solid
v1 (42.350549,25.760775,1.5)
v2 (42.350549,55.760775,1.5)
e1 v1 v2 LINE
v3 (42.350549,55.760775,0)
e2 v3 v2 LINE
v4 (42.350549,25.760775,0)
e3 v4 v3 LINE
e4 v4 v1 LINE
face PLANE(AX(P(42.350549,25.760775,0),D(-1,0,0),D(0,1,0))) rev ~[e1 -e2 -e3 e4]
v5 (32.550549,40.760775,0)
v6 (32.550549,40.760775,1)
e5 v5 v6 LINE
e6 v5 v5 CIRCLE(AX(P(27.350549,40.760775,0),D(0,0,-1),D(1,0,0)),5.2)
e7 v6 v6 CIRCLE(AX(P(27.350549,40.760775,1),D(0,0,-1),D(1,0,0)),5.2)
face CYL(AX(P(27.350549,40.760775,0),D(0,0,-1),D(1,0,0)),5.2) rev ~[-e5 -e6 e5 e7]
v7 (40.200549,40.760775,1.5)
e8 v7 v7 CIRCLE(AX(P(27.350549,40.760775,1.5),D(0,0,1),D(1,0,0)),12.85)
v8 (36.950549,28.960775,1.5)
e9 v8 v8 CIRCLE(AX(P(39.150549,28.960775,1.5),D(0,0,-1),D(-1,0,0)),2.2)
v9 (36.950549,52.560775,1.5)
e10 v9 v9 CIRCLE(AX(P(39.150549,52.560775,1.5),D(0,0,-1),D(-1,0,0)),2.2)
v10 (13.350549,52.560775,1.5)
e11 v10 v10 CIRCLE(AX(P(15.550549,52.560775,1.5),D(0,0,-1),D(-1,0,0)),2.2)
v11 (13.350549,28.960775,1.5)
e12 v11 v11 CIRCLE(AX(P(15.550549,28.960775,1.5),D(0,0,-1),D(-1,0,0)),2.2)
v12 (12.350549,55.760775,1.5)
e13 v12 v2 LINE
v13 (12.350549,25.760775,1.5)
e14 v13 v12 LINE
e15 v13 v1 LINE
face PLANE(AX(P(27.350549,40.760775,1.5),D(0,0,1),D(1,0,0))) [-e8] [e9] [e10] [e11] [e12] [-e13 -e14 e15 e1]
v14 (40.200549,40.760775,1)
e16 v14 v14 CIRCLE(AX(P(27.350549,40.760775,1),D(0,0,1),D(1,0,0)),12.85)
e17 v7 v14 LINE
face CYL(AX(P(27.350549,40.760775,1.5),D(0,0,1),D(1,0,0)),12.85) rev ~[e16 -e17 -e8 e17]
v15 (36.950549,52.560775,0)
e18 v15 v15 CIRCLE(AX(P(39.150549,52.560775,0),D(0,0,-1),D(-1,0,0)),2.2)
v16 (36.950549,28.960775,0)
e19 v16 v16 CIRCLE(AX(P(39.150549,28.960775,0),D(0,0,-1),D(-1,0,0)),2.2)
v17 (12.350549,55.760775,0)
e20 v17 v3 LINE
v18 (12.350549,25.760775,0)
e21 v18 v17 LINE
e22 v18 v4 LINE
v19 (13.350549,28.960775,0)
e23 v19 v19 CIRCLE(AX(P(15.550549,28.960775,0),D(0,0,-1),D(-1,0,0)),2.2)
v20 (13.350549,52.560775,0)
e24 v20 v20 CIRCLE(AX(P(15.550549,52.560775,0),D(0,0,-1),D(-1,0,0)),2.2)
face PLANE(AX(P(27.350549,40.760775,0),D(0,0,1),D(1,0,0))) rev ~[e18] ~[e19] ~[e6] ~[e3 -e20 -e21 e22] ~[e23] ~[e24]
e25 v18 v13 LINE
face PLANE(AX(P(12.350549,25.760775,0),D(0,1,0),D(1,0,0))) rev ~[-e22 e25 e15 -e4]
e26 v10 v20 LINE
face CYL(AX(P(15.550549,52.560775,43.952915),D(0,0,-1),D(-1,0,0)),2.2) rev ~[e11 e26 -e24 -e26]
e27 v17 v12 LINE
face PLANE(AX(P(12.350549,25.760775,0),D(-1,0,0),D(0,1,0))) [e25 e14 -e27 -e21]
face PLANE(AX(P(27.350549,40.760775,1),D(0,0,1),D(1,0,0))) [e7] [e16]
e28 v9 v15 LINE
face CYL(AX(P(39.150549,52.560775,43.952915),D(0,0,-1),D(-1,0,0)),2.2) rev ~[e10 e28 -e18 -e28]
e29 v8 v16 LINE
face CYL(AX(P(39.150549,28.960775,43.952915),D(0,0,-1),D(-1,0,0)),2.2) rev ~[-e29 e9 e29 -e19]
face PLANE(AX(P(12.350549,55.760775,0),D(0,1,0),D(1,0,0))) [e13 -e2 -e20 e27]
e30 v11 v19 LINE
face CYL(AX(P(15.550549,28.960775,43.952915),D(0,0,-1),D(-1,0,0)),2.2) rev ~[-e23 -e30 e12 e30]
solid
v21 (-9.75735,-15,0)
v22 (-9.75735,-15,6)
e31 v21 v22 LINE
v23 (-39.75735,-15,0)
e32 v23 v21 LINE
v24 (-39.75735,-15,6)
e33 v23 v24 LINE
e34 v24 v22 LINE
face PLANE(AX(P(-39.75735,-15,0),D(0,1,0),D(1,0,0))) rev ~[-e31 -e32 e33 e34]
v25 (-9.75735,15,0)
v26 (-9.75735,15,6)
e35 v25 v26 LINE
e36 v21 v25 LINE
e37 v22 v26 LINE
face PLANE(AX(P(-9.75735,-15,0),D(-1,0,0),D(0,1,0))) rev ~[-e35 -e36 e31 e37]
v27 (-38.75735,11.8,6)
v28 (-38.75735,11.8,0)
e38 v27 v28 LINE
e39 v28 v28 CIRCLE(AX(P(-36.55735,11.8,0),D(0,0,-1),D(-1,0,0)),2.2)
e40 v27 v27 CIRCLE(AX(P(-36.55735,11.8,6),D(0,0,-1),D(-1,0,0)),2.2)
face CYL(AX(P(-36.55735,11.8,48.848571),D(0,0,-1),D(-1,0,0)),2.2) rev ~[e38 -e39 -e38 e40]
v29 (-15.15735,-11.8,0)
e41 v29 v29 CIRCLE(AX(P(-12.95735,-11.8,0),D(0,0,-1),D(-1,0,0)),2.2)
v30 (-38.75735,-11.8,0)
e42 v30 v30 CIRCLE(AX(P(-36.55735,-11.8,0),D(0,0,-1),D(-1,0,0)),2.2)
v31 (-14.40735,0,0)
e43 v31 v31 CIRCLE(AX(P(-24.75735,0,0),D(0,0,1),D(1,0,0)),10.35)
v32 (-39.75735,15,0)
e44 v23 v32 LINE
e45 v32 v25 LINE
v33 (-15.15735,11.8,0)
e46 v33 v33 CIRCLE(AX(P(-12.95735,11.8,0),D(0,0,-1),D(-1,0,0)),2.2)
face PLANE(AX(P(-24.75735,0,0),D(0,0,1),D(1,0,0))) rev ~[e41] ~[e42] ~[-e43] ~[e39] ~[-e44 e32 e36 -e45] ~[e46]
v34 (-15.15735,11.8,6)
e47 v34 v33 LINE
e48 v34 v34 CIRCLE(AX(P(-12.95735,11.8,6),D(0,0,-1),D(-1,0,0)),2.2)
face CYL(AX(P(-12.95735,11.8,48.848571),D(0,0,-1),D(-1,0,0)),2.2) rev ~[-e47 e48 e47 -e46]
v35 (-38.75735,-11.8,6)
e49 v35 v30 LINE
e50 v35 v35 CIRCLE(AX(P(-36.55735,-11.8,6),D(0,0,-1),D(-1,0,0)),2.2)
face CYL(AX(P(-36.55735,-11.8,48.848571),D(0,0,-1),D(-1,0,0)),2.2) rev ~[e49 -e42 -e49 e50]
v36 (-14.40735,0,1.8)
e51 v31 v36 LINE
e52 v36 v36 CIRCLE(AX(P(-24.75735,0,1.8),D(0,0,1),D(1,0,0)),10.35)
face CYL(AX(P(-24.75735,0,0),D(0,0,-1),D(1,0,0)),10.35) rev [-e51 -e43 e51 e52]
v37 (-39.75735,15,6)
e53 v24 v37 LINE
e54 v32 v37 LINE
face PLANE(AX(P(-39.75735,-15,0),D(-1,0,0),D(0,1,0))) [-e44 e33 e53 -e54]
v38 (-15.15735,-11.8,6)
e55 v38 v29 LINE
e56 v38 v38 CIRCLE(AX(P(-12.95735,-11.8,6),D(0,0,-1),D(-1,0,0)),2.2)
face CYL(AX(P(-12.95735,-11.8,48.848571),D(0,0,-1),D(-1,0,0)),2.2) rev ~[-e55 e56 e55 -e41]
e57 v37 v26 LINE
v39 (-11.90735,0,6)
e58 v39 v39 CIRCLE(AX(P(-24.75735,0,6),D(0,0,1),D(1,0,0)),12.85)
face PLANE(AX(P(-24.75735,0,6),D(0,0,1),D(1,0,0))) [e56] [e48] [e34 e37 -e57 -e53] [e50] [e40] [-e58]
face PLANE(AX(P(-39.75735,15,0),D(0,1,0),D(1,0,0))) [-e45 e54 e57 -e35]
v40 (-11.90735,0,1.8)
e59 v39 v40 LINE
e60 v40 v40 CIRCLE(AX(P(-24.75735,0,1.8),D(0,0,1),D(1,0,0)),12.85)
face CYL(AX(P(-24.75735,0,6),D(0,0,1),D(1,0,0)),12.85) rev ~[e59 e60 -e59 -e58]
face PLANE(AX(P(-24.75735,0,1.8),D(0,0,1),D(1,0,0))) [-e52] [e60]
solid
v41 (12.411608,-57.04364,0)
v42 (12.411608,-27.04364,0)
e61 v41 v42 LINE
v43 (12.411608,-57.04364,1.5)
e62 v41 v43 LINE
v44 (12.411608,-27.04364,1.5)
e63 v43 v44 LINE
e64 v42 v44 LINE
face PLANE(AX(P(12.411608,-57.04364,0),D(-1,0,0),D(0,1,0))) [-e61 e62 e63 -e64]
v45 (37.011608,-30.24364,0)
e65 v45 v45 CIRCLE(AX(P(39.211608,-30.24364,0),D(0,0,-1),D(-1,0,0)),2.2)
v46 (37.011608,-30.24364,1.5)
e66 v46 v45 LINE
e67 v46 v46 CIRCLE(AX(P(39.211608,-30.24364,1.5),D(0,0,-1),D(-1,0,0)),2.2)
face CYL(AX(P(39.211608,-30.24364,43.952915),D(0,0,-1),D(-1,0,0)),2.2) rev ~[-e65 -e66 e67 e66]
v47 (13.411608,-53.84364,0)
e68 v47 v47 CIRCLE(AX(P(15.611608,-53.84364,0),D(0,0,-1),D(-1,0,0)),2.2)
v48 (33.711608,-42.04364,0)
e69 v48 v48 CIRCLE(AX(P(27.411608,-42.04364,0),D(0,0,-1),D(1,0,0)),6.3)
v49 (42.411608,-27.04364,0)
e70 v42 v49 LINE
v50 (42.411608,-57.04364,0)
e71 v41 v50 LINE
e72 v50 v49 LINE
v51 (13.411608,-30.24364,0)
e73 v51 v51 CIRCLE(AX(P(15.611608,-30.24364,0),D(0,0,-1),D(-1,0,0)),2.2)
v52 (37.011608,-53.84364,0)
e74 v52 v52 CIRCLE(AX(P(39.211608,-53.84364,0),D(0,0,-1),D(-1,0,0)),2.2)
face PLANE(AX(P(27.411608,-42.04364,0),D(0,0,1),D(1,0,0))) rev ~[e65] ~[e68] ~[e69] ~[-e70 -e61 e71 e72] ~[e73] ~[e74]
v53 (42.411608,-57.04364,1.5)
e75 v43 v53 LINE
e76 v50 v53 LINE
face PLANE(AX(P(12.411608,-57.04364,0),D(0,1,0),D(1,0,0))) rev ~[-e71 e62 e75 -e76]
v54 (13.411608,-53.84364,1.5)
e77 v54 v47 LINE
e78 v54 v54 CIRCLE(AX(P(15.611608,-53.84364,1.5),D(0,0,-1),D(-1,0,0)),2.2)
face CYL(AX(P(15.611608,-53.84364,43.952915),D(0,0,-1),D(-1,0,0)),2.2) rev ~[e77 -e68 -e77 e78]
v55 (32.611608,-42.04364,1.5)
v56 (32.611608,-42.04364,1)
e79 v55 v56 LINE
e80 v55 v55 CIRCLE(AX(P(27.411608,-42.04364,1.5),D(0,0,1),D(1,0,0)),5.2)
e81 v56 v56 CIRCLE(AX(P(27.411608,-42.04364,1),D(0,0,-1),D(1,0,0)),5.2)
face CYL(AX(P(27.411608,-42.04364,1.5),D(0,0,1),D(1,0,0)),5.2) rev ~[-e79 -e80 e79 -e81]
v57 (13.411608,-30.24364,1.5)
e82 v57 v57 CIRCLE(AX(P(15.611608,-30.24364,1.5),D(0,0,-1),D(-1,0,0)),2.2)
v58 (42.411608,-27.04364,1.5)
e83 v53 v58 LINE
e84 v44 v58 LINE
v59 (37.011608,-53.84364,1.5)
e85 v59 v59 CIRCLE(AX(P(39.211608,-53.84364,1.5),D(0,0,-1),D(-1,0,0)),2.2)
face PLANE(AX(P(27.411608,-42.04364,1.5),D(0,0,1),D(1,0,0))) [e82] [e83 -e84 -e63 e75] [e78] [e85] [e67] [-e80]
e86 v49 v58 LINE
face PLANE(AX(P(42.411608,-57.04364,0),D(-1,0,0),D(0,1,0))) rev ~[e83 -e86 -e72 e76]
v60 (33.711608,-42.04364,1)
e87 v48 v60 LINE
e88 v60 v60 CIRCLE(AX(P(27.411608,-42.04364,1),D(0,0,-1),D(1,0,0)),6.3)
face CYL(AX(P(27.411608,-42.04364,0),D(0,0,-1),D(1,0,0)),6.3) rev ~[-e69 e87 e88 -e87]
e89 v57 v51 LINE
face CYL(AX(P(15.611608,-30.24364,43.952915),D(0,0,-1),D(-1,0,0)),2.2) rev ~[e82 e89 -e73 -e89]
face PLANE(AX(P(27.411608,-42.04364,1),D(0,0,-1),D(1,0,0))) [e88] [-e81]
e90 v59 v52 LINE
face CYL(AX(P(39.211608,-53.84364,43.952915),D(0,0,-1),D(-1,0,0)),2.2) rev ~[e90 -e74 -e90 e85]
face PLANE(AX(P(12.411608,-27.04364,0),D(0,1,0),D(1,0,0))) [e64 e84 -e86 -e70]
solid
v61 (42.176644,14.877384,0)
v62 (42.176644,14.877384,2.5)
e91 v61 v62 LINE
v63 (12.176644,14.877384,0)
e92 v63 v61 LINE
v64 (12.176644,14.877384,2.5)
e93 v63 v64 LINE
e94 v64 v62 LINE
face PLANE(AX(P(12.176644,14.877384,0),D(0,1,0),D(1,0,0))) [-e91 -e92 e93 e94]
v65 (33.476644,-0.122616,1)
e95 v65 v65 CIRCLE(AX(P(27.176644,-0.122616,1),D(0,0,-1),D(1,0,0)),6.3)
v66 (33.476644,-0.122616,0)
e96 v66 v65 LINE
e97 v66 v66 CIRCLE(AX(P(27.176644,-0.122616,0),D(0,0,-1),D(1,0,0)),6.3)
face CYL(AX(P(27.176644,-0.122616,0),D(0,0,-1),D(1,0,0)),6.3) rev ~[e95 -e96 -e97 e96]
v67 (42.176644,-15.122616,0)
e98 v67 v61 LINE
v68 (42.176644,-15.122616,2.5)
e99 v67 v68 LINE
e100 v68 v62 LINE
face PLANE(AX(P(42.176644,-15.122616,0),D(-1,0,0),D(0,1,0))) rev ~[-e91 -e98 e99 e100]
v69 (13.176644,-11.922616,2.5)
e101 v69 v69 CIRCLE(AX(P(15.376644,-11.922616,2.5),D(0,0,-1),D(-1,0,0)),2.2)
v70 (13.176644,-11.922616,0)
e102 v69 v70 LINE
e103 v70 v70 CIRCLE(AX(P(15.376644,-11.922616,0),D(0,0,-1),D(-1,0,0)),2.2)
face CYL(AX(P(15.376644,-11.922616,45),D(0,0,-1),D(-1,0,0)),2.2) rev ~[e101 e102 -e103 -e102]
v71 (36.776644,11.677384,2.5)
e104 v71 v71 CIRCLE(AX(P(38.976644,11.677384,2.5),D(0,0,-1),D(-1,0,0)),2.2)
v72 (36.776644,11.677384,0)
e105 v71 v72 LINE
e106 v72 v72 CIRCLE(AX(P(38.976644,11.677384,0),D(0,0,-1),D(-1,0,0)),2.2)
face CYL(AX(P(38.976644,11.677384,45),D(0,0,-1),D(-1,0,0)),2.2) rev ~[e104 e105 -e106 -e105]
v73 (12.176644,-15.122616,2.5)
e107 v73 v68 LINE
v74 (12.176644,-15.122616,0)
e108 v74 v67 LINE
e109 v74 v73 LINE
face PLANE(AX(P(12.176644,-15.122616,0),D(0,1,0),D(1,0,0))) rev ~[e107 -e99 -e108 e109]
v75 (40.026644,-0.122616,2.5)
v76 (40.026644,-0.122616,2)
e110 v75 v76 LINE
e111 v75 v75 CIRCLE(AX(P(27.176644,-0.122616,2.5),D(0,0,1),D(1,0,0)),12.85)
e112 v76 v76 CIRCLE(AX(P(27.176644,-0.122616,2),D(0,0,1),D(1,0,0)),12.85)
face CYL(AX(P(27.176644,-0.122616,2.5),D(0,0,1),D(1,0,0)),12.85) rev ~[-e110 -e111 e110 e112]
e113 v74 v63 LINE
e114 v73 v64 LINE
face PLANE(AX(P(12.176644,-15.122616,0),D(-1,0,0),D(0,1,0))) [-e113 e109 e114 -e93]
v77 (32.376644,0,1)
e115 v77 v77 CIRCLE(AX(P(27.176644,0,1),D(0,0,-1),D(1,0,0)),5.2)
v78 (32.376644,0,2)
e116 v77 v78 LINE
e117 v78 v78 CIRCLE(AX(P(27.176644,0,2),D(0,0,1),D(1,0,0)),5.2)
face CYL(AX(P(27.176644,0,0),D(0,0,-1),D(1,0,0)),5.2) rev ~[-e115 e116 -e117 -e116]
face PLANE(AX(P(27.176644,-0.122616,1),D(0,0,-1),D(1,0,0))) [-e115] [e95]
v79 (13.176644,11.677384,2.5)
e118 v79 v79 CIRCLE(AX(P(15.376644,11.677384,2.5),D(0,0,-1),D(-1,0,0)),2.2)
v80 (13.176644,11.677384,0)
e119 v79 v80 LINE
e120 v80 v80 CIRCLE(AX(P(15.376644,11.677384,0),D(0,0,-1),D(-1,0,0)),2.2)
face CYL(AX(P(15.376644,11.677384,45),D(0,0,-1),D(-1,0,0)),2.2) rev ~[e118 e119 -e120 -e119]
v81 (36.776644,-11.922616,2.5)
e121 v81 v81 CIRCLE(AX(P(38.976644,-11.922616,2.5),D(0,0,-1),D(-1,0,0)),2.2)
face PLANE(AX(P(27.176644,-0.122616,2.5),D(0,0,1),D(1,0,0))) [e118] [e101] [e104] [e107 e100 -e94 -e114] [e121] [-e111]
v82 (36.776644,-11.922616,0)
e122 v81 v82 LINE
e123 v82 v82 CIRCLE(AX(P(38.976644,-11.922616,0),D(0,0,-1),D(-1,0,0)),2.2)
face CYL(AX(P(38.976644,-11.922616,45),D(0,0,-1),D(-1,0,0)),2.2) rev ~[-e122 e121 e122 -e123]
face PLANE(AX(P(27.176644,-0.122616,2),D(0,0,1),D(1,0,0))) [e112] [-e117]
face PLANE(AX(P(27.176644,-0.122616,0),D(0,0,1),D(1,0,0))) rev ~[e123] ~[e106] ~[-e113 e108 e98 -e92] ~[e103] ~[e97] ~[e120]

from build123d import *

# Parameters (mm, degrees)
F0_W      = 30
F0_H      = 30
F0_R      = 10.35
F1_DEPTH  = 6
F2_R      = 12.85
F2_R_2    = 10.35
F3_DEPTH  = 4.2
F5_D      = 4.4
F6_D      = 4.4
F7_D      = 4.4
F8_D      = 4.4
F9_W      = 30
F9_H      = 30
F10_DEPTH = 2.5
F11_R     = 5.2
F12_DEPTH = 6.001
F13_R     = 12.85
F13_R_2   = 5.2
F14_DEPTH = 0.5
F16_D     = 4.4
F17_D     = 4.4
F18_D     = 4.4
F19_D     = 4.4
F20_R     = 6.3
F20_R_2   = 5.2
F21_DEPTH = 1
F22_W     = 30
F22_H     = 30
F23_DEPTH = 1.5
F24_R     = 12.85
F25_DEPTH = 0.5
F26_R     = 5.2
F27_DEPTH = 6.001
F29_D     = 4.4
F30_D     = 4.4
F31_D     = 4.4
F32_D     = 4.4
F33_W     = 30
F33_H     = 30
F34_DEPTH = 1.5
F35_R     = 5.2
F36_DEPTH = 1.5
F37_R     = 6.3
F37_R_2   = 5.2
F38_DEPTH = 1
F40_D     = 4.4
F41_D     = 4.4
F42_D     = 4.4
F43_D     = 4.4


with BuildPart() as f1:
    # F0 (on Top) → F1 (new body)
    with BuildSketch(Plane.XY):
        with Locations((-24.7573502027, 0)):
            Rectangle(F0_W, F0_H)
        with Locations((-24.7573502027, 0)):
            Circle(F0_R, mode=Mode.SUBTRACT)
    extrude(amount=F1_DEPTH)

    # F2 (on face) → F3 (cut)
    with BuildSketch(Plane.XY.offset(6)):
        with Locations((-24.7573502027, 0)):
            Circle(F2_R)
        with Locations((-24.7573502027, 0)):
            Circle(F2_R_2, mode=Mode.SUBTRACT)
    extrude(amount=-F3_DEPTH, mode=Mode.SUBTRACT)

    # F5 (through all)
    with Locations(Plane.XY.offset(6)):
        with Locations((-36.5573502027, 11.8)):
            Hole(F5_D / 2)

    # F6 (through all)
    with Locations(Plane.XY.offset(6)):
        with Locations((-12.9573502027, 11.8)):
            Hole(F6_D / 2)

    # F7 (through all)
    with Locations(Plane.XY.offset(6)):
        with Locations((-36.5573502027, -11.8)):
            Hole(F7_D / 2)

    # F8 (through all)
    with Locations(Plane.XY.offset(6)):
        with Locations((-12.9573502027, -11.8)):
            Hole(F8_D / 2)


with BuildPart() as f10:
    # F9 (on Top) → F10 (new body)
    with BuildSketch(Plane.XY):
        with Locations((27.1766441874, -0.122615534)):
            Rectangle(F9_W, F9_H)
    extrude(amount=F10_DEPTH)

    # F11 (on face) → F12 (cut, through all)
    with BuildSketch(Plane(origin=(0, 0, 0), x_dir=(1, 0, 0), z_dir=(0, 0, -1))):
        with Locations((27.1766441874, 0)):
            Circle(F11_R)
    extrude(amount=-F12_DEPTH, mode=Mode.SUBTRACT)

    # F13 (on face) → F14 (cut)
    with BuildSketch(Plane.XY.offset(2.5)):
        with Locations((27.1766441874, -0.122615534)):
            Circle(F13_R)
        with Locations((27.1766441874, 0)):
            Circle(F13_R_2, mode=Mode.SUBTRACT)
    extrude(amount=-F14_DEPTH, mode=Mode.SUBTRACT)

    # F16 (through all)
    with Locations(Plane.XY.offset(2.5)):
        with Locations((15.3766441874, 11.677384466)):
            Hole(F16_D / 2)

    # F17 (through all)
    with Locations(Plane.XY.offset(2.5)):
        with Locations((38.9766441874, 11.677384466)):
            Hole(F17_D / 2)

    # F18 (through all)
    with Locations(Plane.XY.offset(2.5)):
        with Locations((15.3766441874, -11.922615534)):
            Hole(F18_D / 2)

    # F19 (through all)
    with Locations(Plane.XY.offset(2.5)):
        with Locations((38.9766441874, -11.922615534)):
            Hole(F19_D / 2)

    # F20 (on face) → F21 (cut)
    with BuildSketch(Plane(origin=(0, 0, 0), x_dir=(1, 0, 0), z_dir=(0, 0, -1))):
        with Locations((27.1766441874, 0.122615534)):
            Circle(F20_R)
        with Locations((27.1766441874, 0)):
            Circle(F20_R_2, mode=Mode.SUBTRACT)
    extrude(amount=-F21_DEPTH, mode=Mode.SUBTRACT)


with BuildPart() as f23:
    # F22 (on Top) → F23 (new body)
    with BuildSketch(Plane.XY):
        with Locations((27.3505486548, 40.7607750087)):
            Rectangle(F22_W, F22_H)
    extrude(amount=F23_DEPTH)

    # F24 (on face) → F25 (cut)
    with BuildSketch(Plane.XY.offset(1.5)):
        with Locations((27.3505486548, 40.7607750087)):
            Circle(F24_R)
    extrude(amount=-F25_DEPTH, mode=Mode.SUBTRACT)

    # F26 (on face) → F27 (cut, through all)
    with BuildSketch(Plane(origin=(0, 0, 0), x_dir=(1, 0, 0), z_dir=(0, 0, -1))):
        with Locations((27.3505486548, -40.7607750087)):
            Circle(F26_R)
    extrude(amount=-F27_DEPTH, mode=Mode.SUBTRACT)

    # F29 (through all)
    with Locations(Plane.XY.offset(1.5)):
        with Locations((15.5505486548, 52.5607750087)):
            Hole(F29_D / 2)

    # F30 (through all)
    with Locations(Plane.XY.offset(1.5)):
        with Locations((39.1505486548, 52.5607750087)):
            Hole(F30_D / 2)

    # F31 (through all)
    with Locations(Plane.XY.offset(1.5)):
        with Locations((15.5505486548, 28.9607750087)):
            Hole(F31_D / 2)

    # F32 (through all)
    with Locations(Plane.XY.offset(1.5)):
        with Locations((39.1505486548, 28.9607750087)):
            Hole(F32_D / 2)


with BuildPart() as f34:
    # F33 (on Top) → F34 (new body)
    with BuildSketch(Plane.XY):
        with Locations((27.4116075107, -42.0436402783)):
            Rectangle(F33_W, F33_H)
    extrude(amount=F34_DEPTH)

    # F35 (on face) → F36 (cut)
    with BuildSketch(Plane.XY.offset(1.5)):
        with Locations((27.4116075107, -42.0436402783)):
            Circle(F35_R)
    extrude(amount=-F36_DEPTH, mode=Mode.SUBTRACT)

    # F37 (on face) → F38 (cut)
    with BuildSketch(Plane(origin=(0, 0, 0), x_dir=(1, 0, 0), z_dir=(0, 0, -1))):
        with Locations((27.4116075107, 42.0436402783)):
            Circle(F37_R)
        with Locations((27.4116075107, 42.0436402783)):
            Circle(F37_R_2, mode=Mode.SUBTRACT)
    extrude(amount=-F38_DEPTH, mode=Mode.SUBTRACT)

    # F40 (through all)
    with Locations(Plane.XY.offset(1.5)):
        with Locations((15.6116075107, -53.8436402783)):
            Hole(F40_D / 2)

    # F41 (through all)
    with Locations(Plane.XY.offset(1.5)):
        with Locations((15.6116075107, -30.2436402783)):
            Hole(F41_D / 2)

    # F42 (through all)
    with Locations(Plane.XY.offset(1.5)):
        with Locations((39.2116075107, -53.8436402783)):
            Hole(F42_D / 2)

    # F43 (through all)
    with Locations(Plane.XY.offset(1.5)):
        with Locations((39.2116075107, -30.2436402783)):
            Hole(F43_D / 2)


solid = Compound([f1.part, f10.part, f23.part, f34.part])
